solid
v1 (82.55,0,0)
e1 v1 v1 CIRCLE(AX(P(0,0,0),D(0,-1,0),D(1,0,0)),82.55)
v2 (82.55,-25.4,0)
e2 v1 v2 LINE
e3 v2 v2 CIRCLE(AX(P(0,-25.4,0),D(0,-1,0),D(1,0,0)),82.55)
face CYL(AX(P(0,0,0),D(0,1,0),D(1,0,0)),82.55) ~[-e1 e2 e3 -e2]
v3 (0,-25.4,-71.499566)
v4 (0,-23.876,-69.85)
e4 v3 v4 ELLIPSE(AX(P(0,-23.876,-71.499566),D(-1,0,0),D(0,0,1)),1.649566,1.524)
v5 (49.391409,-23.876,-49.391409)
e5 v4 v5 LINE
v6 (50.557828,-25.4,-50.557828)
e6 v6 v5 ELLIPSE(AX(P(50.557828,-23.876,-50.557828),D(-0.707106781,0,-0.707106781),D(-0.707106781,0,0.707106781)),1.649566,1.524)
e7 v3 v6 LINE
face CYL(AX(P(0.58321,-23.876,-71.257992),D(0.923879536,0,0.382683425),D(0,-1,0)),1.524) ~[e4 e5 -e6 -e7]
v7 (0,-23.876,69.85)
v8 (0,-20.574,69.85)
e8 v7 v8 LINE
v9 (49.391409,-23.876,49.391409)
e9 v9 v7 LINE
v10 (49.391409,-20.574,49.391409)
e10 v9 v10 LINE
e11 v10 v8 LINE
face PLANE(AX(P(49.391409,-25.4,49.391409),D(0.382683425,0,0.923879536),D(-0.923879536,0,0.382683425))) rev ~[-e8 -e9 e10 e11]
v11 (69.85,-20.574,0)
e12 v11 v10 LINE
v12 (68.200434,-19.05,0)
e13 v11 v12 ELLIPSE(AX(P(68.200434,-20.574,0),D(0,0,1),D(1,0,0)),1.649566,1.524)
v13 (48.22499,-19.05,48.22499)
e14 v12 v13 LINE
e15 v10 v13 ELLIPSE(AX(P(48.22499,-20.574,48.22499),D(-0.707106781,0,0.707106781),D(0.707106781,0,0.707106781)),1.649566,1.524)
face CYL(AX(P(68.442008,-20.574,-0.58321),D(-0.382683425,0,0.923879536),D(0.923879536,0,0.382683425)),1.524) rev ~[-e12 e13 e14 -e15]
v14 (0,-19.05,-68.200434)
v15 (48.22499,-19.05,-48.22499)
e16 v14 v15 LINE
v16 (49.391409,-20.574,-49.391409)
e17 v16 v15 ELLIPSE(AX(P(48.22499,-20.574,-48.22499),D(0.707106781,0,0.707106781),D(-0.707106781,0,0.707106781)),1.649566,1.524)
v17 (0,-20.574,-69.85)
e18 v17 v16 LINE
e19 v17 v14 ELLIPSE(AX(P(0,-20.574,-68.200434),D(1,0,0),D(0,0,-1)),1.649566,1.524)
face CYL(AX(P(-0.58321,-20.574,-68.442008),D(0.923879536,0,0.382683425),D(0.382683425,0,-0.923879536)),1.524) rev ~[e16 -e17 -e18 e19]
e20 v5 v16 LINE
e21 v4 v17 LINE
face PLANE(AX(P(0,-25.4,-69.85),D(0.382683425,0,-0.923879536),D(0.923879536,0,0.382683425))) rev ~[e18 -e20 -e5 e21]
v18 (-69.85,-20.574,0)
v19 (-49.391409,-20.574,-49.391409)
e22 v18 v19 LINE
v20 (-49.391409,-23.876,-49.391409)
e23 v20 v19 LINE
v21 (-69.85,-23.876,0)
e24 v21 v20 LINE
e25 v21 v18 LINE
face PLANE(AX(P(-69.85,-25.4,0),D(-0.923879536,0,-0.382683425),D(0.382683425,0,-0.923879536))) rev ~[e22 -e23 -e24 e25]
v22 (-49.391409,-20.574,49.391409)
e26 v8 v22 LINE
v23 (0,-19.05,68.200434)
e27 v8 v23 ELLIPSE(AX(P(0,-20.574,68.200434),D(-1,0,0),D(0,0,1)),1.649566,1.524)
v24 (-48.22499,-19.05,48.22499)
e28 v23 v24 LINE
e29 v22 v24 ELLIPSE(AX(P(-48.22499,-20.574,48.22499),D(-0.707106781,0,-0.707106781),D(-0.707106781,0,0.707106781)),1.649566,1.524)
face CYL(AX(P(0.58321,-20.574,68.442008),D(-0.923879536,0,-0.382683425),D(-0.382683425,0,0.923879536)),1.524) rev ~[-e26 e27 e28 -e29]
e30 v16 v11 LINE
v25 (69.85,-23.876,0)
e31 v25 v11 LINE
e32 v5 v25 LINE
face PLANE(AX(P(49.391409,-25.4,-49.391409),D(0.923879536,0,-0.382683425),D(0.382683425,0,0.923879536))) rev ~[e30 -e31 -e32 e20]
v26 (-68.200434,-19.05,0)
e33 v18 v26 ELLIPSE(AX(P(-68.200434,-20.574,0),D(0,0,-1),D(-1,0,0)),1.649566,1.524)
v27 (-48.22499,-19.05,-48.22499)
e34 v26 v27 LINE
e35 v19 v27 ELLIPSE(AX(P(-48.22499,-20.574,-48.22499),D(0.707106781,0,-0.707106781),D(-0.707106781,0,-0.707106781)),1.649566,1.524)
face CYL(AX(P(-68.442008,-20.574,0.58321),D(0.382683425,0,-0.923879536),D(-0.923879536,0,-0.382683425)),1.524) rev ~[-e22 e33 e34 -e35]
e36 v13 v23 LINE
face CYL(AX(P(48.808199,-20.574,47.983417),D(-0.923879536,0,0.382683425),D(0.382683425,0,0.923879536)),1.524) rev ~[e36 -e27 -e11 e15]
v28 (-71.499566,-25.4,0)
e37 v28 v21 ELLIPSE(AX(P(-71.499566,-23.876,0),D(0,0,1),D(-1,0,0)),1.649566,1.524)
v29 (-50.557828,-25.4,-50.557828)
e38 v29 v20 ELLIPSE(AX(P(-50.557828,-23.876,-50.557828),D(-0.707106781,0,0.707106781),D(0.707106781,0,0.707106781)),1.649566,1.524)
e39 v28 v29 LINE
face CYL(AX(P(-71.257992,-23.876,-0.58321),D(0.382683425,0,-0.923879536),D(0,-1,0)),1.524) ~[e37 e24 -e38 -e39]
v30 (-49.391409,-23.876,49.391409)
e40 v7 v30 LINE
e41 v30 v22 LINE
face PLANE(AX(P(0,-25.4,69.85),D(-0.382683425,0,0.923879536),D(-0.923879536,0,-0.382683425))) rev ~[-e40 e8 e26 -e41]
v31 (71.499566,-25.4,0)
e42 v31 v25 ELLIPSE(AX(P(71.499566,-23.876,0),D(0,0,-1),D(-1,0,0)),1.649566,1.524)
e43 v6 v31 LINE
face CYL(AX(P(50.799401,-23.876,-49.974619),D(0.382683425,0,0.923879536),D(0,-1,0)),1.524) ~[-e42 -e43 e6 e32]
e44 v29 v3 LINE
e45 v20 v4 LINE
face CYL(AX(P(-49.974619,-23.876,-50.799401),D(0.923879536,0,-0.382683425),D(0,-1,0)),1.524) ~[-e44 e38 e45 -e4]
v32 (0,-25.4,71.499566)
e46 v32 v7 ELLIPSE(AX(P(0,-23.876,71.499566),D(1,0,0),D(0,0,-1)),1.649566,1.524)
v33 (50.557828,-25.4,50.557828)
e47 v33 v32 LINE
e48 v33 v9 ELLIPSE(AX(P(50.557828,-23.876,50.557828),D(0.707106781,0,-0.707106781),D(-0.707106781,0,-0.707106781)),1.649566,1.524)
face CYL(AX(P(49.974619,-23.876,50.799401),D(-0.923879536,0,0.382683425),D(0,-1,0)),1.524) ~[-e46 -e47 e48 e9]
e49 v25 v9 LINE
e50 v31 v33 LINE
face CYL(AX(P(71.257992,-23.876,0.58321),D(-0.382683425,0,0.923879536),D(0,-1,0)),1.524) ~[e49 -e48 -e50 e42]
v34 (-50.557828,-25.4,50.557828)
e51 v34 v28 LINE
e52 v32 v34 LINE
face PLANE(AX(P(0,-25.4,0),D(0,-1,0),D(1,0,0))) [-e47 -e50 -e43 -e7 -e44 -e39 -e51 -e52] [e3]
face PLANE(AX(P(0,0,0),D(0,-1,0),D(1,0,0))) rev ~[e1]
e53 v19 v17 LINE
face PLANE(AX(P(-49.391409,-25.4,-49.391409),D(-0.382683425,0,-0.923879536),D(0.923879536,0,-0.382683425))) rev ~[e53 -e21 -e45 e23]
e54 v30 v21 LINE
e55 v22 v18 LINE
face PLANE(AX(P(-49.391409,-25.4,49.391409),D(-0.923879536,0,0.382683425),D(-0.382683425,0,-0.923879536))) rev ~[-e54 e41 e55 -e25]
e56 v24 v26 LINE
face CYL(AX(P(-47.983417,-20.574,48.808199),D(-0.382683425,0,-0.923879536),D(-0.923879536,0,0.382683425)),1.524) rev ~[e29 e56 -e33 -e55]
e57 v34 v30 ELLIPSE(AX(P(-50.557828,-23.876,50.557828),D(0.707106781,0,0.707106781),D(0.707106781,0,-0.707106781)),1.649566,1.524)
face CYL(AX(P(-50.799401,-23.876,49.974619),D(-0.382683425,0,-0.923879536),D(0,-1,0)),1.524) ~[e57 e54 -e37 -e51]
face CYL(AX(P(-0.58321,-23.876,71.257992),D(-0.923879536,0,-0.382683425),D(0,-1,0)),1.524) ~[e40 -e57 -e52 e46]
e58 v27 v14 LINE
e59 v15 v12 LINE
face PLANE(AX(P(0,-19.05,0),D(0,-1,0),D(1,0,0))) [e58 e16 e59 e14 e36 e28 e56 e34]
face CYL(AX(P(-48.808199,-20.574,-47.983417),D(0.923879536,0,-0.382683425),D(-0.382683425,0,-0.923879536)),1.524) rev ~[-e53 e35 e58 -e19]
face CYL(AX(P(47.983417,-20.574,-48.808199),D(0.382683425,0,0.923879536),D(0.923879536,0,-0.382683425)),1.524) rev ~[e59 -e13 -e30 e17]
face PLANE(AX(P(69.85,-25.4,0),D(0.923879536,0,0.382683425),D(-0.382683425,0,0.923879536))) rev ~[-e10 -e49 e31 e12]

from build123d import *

# Parameters (mm, degrees)
F0_R     = 82.55
F1_DEPTH = 25.4
F3_DEPTH = 6.35
F4_R     = 1.524


with BuildPart() as f1:
    # F0 (on Front) → F1 (new body)
    with BuildSketch(Plane.XZ):
        Circle(F0_R)
    extrude(amount=F1_DEPTH)

    # F2 (on face) → F3 (cut)
    with BuildSketch(Plane.XZ.offset(25.4)):
        Polygon((49.391409, -49.391409), (69.85, 0), (49.391409, 49.391409), (0, 69.85), (-49.391409, 49.391409), (-69.85, 0), (-49.391409, -49.391409), (0, -69.85), align=None)
    extrude(amount=-F3_DEPTH, mode=Mode.SUBTRACT)

    # F4
    f4_edges = [f1.edges().sort_by_distance(p)[0] for p in [
        (59.620704, -19.05, -24.695704),
        (59.620704, -19.05, 24.695704),
        (24.695704, -19.05, 59.620704),
        (-24.695704, -19.05, 59.620704),
        (-59.620704, -19.05, 24.695704),
        (-59.620704, -19.05, -24.695704),
        (-24.695704, -19.05, -59.620704),
        (24.695704, -19.05, -59.620704),
        (-59.620704, -25.4, 24.695704),
        (-24.695704, -25.4, 59.620704),
        (24.695704, -25.4, 59.620704),
        (59.620704, -25.4, 24.695704),
        (59.620704, -25.4, -24.695704),
        (24.695704, -25.4, -59.620704),
        (-24.695704, -25.4, -59.620704),
        (-59.620704, -25.4, -24.695704),
    ]]
    fillet(f4_edges, radius=F4_R)


solid = f1.part
